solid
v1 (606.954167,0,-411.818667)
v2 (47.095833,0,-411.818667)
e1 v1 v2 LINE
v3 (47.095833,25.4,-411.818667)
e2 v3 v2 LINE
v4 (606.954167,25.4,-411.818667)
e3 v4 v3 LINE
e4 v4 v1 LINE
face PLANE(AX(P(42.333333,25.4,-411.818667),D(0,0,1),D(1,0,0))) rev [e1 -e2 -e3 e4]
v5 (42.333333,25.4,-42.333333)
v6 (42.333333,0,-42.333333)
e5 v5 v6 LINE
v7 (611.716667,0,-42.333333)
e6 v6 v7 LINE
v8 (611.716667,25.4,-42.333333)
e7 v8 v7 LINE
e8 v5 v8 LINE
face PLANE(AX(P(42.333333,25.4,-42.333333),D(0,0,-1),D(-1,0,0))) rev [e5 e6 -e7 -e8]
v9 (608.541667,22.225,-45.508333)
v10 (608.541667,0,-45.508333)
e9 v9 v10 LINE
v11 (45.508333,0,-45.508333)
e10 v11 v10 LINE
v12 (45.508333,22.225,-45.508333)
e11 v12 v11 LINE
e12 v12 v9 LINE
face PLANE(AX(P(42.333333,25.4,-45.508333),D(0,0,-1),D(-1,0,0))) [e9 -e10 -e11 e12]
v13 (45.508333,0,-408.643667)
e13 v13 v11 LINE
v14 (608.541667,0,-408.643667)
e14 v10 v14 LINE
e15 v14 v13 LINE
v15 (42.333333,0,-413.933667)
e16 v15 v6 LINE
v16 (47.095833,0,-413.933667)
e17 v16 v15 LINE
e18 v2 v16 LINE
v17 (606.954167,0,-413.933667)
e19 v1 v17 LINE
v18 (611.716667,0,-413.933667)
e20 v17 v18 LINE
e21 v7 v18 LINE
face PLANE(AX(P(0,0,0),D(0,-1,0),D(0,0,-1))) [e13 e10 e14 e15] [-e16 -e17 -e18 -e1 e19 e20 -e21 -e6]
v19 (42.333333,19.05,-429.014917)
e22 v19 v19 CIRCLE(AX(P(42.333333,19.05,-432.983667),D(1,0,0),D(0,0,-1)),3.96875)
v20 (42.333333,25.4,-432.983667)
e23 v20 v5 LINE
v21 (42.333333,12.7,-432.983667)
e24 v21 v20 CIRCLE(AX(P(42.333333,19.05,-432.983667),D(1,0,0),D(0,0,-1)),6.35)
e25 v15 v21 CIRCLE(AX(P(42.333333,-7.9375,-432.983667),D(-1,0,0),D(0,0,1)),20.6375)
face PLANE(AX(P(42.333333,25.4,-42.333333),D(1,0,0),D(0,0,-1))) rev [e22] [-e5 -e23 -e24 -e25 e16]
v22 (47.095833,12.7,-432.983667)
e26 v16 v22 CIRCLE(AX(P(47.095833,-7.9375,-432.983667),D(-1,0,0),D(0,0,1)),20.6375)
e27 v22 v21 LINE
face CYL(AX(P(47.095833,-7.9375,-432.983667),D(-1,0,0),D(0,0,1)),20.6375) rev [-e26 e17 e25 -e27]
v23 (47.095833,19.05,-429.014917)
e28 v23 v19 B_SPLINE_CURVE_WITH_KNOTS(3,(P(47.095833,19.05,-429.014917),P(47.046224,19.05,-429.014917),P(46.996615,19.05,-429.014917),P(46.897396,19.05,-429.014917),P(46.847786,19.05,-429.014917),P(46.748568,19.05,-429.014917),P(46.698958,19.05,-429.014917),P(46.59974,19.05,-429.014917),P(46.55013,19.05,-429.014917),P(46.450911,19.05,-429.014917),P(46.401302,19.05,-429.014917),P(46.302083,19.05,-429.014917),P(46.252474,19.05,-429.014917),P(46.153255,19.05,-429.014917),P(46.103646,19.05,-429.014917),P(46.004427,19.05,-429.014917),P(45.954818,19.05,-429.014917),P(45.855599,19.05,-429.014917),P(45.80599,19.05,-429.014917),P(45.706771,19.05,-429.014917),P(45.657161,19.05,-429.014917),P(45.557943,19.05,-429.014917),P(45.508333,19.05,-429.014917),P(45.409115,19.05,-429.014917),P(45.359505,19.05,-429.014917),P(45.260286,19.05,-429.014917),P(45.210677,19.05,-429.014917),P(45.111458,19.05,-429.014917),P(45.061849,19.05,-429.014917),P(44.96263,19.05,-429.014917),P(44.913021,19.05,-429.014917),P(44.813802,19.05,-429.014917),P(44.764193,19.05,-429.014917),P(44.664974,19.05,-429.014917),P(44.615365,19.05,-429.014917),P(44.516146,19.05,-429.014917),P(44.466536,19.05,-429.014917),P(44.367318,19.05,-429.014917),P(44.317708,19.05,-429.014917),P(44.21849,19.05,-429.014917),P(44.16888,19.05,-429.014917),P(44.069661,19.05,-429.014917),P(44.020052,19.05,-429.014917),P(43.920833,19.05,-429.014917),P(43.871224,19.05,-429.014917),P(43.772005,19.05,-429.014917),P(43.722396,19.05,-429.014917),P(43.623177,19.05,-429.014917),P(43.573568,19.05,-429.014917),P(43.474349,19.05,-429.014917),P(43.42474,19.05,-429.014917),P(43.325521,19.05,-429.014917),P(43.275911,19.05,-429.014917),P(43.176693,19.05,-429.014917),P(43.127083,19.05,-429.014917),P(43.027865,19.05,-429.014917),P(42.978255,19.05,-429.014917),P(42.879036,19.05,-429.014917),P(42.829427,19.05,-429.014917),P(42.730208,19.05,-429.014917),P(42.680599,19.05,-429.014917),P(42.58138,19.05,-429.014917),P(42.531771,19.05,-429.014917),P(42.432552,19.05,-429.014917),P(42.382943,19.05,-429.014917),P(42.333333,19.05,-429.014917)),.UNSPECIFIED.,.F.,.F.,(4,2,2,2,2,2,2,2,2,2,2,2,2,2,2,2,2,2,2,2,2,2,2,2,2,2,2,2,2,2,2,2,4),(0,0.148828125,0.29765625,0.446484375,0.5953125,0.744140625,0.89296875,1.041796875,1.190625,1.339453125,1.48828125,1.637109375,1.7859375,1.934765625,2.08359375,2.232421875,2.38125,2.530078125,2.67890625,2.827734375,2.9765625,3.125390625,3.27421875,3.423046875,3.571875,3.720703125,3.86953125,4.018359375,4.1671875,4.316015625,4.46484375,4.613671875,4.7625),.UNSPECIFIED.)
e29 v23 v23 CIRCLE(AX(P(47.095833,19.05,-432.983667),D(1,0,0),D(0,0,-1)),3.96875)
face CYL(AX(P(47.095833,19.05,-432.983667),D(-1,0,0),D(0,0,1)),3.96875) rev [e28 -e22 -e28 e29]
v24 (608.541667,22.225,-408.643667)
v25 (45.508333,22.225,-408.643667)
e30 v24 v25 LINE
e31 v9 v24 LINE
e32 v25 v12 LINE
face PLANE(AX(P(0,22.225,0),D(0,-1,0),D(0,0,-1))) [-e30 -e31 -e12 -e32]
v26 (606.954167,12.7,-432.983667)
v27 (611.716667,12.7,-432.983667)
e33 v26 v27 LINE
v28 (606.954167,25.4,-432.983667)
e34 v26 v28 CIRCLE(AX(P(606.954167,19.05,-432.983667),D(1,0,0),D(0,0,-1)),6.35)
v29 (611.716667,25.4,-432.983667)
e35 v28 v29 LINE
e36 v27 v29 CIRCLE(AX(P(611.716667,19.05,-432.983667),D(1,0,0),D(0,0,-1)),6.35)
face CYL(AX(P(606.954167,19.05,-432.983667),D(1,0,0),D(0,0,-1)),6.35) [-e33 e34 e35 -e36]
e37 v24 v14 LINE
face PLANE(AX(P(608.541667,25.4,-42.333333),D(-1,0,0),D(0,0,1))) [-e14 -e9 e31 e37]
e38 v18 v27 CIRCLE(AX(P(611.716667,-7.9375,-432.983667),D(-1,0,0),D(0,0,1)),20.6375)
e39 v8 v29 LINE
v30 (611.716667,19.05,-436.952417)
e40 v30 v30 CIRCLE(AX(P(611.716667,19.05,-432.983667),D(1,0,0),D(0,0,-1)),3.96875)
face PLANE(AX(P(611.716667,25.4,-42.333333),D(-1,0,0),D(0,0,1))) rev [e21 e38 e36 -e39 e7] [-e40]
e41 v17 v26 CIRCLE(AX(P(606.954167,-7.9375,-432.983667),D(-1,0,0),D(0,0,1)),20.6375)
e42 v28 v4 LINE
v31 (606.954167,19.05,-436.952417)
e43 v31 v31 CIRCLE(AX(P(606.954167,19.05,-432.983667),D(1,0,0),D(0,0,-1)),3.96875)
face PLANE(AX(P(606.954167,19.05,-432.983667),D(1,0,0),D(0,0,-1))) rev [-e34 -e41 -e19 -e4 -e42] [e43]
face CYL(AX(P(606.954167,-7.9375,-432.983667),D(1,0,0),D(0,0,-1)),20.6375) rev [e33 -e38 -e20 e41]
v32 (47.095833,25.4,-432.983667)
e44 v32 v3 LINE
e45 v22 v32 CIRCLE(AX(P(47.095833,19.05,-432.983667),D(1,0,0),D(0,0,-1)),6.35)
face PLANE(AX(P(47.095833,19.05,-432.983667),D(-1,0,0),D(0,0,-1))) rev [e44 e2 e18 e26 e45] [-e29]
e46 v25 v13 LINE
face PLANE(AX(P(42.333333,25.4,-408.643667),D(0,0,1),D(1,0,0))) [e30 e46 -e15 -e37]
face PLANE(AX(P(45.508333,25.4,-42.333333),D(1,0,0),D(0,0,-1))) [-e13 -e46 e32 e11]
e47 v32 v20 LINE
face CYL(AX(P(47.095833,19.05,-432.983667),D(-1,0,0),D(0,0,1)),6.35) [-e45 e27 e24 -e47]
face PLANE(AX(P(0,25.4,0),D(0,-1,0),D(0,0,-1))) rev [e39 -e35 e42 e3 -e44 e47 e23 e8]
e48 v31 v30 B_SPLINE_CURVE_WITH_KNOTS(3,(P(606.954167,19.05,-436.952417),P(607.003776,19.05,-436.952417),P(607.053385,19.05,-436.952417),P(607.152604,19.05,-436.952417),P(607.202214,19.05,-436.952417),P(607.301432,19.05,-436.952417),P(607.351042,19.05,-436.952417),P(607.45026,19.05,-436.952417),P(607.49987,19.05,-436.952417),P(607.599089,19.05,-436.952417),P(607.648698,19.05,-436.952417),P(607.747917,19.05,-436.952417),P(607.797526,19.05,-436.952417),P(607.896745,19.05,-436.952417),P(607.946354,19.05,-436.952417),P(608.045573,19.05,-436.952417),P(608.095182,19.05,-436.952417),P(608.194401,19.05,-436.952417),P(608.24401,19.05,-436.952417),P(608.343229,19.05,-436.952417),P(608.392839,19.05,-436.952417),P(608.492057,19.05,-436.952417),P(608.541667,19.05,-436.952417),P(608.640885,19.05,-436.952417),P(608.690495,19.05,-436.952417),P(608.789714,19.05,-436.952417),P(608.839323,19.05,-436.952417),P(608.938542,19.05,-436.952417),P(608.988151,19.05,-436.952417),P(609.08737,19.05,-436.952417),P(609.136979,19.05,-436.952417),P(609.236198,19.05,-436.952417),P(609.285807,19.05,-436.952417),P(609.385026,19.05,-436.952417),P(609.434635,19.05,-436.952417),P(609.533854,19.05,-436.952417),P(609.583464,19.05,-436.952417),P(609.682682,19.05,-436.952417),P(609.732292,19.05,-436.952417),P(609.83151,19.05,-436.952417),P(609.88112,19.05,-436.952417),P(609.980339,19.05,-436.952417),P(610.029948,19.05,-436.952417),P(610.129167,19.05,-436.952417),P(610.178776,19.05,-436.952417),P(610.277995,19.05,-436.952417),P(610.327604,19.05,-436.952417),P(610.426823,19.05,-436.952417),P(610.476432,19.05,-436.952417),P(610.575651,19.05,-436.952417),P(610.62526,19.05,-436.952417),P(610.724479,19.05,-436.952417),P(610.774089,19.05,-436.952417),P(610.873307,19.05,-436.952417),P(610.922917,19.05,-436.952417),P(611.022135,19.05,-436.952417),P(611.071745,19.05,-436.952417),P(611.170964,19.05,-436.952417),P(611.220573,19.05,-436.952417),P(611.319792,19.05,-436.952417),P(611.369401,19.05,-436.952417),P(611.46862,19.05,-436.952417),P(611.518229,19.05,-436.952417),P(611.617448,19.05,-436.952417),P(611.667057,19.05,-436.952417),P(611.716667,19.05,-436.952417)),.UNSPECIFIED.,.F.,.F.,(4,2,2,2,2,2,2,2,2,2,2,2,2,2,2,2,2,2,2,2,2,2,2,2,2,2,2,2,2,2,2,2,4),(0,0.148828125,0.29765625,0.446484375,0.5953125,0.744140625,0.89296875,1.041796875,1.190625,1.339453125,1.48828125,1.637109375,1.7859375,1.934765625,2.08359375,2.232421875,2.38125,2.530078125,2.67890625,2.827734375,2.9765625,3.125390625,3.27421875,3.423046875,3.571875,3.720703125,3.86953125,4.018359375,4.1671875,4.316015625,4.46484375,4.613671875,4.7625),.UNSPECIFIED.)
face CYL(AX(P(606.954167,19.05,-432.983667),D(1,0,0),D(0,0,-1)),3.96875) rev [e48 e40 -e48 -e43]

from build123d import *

# Parameters (mm, degrees)
CROQUIS1_W              = 569.383333334
CROQUIS1_H              = 369.485333334
SALIENTE_EXTRUIR1_DEPTH = 25.4
VACIADO1_T              = -3.175
CROQUIS2_R              = 3.96875
SALIENTE_EXTRUIR2_DEPTH = 4.7625


with BuildPart() as part:
    # Croquis1 → Saliente-Extruir1 (new body)
    with BuildSketch(Plane(origin=(0, 0, 0), x_dir=(1, 0, 0), z_dir=(0, 1, 0))):
        with Locations((327.025, 227.076)):
            Rectangle(CROQUIS1_W, CROQUIS1_H)
    extrude(amount=SALIENTE_EXTRUIR1_DEPTH)

    # Vaciado1
    vaciado1_openings = [part.faces().sort_by_distance(p)[0] for p in [
        (327.025, 0, -227.076),
    ]]
    offset(amount=VACIADO1_T, openings=vaciado1_openings, kind=Kind.INTERSECTION)

    # Croquis2 → Saliente-Extruir2 (add)
    with BuildSketch(Plane(origin=(611.716666667, 0, 0), x_dir=(0, 0, -1), z_dir=(1, 0, 0))):
        with BuildLine():
            Line((411.818666667, 0), (411.818666667, 25.4))
            Line((411.818666667, 25.4), (432.983666667, 25.4))
            ThreePointArc((432.983666667, 25.4), (439.333666667, 19.05), (432.983666667, 12.7))
            ThreePointArc((432.983666667, 12.7), (421.536041367, 9.233937949), (413.933666667, 0))
            Line((413.933666667, 0), (411.818666667, 0))
        make_face()
        with Locations((432.983666667, 19.05)):
            Circle(CROQUIS2_R, mode=Mode.SUBTRACT)
    saliente_extruir2 = extrude(amount=-SALIENTE_EXTRUIR2_DEPTH)

    # Simetría1: Saliente-Extruir2 across plane
    add(saliente_extruir2.mirror(Plane(origin=(327.025, 0, 0), x_dir=(0, 0, 1), z_dir=(1, 0, 0))))


solid = part.part
